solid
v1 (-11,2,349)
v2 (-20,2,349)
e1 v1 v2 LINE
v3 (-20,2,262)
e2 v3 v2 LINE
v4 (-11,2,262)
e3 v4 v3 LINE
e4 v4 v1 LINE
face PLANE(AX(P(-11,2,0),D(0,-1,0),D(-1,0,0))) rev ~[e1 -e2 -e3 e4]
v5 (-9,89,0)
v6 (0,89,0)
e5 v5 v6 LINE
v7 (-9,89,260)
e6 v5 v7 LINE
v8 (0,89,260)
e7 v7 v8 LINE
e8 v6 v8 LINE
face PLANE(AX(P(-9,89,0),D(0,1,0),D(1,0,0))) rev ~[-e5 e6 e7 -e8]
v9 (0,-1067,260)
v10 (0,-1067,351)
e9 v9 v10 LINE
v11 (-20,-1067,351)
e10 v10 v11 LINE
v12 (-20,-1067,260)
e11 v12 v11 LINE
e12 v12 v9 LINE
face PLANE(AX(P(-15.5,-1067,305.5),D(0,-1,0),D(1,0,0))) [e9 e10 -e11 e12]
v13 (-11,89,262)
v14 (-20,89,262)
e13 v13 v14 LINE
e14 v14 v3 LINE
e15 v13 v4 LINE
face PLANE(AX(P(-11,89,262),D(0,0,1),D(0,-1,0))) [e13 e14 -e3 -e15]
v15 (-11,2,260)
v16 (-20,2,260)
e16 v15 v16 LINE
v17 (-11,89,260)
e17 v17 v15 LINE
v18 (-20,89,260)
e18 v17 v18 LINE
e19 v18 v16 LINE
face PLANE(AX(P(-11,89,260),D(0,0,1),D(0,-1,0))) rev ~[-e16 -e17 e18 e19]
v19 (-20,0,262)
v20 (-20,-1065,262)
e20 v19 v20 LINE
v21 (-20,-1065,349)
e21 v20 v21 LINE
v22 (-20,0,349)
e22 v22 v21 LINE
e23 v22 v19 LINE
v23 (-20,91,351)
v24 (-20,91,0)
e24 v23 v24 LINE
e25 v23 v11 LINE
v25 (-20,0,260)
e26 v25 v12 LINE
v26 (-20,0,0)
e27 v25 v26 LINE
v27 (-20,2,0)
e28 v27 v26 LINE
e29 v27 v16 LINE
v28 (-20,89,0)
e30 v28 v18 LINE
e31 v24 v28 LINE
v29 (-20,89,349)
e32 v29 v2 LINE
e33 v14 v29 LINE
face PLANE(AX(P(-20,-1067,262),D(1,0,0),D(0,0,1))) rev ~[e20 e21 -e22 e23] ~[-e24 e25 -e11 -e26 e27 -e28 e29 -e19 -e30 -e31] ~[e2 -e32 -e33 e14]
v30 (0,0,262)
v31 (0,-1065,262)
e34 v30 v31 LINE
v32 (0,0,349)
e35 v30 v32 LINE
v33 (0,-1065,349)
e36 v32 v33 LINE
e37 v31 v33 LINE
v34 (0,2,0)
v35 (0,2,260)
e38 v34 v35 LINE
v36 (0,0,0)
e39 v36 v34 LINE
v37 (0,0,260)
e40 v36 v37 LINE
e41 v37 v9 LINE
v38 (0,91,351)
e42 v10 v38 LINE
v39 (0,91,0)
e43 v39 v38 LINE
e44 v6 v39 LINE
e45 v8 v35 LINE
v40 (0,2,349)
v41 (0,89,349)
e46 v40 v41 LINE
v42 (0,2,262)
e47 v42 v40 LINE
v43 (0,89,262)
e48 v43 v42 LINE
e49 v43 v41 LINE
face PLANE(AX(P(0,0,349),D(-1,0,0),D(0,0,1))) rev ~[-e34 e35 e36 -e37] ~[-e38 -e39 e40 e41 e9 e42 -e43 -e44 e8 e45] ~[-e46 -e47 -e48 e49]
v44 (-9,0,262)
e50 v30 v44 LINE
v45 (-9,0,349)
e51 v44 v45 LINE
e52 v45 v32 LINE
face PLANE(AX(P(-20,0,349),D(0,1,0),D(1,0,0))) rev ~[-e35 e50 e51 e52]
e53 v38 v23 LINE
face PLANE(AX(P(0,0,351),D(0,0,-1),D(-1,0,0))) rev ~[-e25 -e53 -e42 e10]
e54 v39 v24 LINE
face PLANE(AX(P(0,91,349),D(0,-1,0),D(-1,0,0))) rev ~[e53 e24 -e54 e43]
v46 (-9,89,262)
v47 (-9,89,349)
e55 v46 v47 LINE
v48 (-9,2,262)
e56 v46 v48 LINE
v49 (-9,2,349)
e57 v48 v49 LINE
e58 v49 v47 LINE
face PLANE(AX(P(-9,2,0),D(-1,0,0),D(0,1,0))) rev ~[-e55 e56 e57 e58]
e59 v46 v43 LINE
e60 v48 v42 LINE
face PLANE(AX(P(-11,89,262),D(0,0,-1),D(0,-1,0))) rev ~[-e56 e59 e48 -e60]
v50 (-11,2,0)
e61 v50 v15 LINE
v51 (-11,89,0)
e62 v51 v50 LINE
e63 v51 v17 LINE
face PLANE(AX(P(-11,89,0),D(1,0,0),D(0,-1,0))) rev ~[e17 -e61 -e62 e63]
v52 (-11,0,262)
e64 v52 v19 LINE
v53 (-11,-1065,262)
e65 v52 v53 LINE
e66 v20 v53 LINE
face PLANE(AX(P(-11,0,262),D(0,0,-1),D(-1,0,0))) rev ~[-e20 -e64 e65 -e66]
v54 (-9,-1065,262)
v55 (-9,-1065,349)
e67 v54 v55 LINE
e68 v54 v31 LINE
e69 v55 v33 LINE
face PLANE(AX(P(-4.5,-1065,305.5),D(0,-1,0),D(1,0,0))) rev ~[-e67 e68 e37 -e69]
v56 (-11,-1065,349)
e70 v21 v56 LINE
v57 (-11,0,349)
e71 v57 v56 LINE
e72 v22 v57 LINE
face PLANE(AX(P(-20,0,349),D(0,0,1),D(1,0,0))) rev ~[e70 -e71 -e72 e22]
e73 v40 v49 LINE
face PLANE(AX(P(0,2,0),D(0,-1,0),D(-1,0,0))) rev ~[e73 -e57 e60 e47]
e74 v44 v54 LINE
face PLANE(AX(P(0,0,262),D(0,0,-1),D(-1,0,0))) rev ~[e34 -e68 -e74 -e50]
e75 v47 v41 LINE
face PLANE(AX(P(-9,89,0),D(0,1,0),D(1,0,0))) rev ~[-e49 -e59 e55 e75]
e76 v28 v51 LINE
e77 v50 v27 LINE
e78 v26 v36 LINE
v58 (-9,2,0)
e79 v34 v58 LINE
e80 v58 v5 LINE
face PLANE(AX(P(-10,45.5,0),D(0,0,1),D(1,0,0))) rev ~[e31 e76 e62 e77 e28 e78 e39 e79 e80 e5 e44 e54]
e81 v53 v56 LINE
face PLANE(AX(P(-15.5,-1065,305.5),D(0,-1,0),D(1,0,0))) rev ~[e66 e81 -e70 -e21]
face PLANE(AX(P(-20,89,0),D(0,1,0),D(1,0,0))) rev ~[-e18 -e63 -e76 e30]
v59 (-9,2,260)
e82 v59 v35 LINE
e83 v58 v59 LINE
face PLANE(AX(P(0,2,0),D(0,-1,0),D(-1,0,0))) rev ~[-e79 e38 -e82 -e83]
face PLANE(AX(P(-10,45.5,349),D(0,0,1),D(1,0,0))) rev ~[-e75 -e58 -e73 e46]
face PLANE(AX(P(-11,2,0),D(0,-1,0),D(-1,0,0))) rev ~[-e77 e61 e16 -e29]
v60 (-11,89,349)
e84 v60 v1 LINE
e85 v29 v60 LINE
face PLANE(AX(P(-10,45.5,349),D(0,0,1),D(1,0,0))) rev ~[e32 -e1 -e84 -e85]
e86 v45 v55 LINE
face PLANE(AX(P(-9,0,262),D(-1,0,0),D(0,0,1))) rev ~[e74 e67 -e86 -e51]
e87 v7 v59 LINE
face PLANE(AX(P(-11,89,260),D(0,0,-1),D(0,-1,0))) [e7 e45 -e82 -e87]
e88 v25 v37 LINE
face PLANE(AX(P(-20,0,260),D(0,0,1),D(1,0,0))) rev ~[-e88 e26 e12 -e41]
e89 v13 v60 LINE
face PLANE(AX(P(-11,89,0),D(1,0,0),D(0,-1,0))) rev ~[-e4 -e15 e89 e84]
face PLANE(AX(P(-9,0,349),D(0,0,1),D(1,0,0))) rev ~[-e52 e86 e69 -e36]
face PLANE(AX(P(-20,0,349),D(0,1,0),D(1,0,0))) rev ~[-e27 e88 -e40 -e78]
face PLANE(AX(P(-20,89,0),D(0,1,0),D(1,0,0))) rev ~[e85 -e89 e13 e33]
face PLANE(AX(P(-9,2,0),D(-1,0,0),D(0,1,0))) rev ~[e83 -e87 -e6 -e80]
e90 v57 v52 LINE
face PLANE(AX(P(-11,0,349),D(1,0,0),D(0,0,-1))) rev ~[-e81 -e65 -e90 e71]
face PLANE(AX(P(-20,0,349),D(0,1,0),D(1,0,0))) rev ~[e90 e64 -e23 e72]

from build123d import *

# Parameters (mm, degrees)
F1_DEPTH  = 349
F2_W      = 9
F2_H      = 87
F3_DEPTH  = 2
F4_W      = 87
F4_H      = 2
F5_DEPTH  = 9
F6_DEPTH  = 11
F8_DEPTH  = 1067
F9_W      = 9
F9_H      = 87
F10_DEPTH = 2


with BuildPart() as f1:
    # F0 (on Top) → F1 (new body)
    with BuildSketch(Plane.XY):
        Polygon((-20, 0), (0, 0), (0, 2), (-9, 2), (-9, 89), (0, 89), (0, 91), (-20, 91), (-20, 89), (-11, 89), (-11, 2), (-20, 2), align=None)
    extrude(amount=F1_DEPTH)

    # F2 (on face) → F3 (join)
    with BuildSketch(Plane.XY.offset(349)):
        Polygon((-20, 0), (0, 0), (0, 2), (-9, 2), (-9, 89), (0, 89), (0, 91), (-20, 91), (-20, 89), (-11, 89), (-11, 2), (-20, 2), align=None)
        with Locations((-15.5, 45.5)):
            Rectangle(F2_W, F2_H)
        with Locations((-4.5, 45.5)):
            Rectangle(F2_W, F2_H)
    extrude(amount=F3_DEPTH)

    # F4 (on face) → F5 (join, through all)
    with BuildSketch(Plane(origin=(-11, 0, 0), x_dir=(0, -1, 0), z_dir=(-1, 0, 0))):
        with Locations((-45.5, 261)):
            Rectangle(F4_W, F4_H)
    extrude(amount=F5_DEPTH)

    # F4 (on face) → F6 (join, through all)
    with BuildSketch(Plane(origin=(-11, 0, 0), x_dir=(0, -1, 0), z_dir=(-1, 0, 0))):
        with Locations((-45.5, 261)):
            Rectangle(F4_W, F4_H)
    extrude(amount=-F6_DEPTH)

    # F7 (on face) → F8 (join)
    with BuildSketch(Plane.XZ):
        Polygon((0, 351), (-20, 351), (-20, 349), (-11, 349), (-11, 262), (-20, 262), (-20, 260), (0, 260), (0, 262), (-9, 262), (-9, 349), (0, 349), align=None)
    extrude(amount=F8_DEPTH)

    # F9 (on face) → F10 (join)
    with BuildSketch(Plane.XZ.offset(1067)):
        with Locations((-15.5, 305.5)):
            Rectangle(F9_W, F9_H)
        with Locations((-4.5, 305.5)):
            Rectangle(F9_W, F9_H)
    extrude(amount=-F10_DEPTH)


solid = f1.part
